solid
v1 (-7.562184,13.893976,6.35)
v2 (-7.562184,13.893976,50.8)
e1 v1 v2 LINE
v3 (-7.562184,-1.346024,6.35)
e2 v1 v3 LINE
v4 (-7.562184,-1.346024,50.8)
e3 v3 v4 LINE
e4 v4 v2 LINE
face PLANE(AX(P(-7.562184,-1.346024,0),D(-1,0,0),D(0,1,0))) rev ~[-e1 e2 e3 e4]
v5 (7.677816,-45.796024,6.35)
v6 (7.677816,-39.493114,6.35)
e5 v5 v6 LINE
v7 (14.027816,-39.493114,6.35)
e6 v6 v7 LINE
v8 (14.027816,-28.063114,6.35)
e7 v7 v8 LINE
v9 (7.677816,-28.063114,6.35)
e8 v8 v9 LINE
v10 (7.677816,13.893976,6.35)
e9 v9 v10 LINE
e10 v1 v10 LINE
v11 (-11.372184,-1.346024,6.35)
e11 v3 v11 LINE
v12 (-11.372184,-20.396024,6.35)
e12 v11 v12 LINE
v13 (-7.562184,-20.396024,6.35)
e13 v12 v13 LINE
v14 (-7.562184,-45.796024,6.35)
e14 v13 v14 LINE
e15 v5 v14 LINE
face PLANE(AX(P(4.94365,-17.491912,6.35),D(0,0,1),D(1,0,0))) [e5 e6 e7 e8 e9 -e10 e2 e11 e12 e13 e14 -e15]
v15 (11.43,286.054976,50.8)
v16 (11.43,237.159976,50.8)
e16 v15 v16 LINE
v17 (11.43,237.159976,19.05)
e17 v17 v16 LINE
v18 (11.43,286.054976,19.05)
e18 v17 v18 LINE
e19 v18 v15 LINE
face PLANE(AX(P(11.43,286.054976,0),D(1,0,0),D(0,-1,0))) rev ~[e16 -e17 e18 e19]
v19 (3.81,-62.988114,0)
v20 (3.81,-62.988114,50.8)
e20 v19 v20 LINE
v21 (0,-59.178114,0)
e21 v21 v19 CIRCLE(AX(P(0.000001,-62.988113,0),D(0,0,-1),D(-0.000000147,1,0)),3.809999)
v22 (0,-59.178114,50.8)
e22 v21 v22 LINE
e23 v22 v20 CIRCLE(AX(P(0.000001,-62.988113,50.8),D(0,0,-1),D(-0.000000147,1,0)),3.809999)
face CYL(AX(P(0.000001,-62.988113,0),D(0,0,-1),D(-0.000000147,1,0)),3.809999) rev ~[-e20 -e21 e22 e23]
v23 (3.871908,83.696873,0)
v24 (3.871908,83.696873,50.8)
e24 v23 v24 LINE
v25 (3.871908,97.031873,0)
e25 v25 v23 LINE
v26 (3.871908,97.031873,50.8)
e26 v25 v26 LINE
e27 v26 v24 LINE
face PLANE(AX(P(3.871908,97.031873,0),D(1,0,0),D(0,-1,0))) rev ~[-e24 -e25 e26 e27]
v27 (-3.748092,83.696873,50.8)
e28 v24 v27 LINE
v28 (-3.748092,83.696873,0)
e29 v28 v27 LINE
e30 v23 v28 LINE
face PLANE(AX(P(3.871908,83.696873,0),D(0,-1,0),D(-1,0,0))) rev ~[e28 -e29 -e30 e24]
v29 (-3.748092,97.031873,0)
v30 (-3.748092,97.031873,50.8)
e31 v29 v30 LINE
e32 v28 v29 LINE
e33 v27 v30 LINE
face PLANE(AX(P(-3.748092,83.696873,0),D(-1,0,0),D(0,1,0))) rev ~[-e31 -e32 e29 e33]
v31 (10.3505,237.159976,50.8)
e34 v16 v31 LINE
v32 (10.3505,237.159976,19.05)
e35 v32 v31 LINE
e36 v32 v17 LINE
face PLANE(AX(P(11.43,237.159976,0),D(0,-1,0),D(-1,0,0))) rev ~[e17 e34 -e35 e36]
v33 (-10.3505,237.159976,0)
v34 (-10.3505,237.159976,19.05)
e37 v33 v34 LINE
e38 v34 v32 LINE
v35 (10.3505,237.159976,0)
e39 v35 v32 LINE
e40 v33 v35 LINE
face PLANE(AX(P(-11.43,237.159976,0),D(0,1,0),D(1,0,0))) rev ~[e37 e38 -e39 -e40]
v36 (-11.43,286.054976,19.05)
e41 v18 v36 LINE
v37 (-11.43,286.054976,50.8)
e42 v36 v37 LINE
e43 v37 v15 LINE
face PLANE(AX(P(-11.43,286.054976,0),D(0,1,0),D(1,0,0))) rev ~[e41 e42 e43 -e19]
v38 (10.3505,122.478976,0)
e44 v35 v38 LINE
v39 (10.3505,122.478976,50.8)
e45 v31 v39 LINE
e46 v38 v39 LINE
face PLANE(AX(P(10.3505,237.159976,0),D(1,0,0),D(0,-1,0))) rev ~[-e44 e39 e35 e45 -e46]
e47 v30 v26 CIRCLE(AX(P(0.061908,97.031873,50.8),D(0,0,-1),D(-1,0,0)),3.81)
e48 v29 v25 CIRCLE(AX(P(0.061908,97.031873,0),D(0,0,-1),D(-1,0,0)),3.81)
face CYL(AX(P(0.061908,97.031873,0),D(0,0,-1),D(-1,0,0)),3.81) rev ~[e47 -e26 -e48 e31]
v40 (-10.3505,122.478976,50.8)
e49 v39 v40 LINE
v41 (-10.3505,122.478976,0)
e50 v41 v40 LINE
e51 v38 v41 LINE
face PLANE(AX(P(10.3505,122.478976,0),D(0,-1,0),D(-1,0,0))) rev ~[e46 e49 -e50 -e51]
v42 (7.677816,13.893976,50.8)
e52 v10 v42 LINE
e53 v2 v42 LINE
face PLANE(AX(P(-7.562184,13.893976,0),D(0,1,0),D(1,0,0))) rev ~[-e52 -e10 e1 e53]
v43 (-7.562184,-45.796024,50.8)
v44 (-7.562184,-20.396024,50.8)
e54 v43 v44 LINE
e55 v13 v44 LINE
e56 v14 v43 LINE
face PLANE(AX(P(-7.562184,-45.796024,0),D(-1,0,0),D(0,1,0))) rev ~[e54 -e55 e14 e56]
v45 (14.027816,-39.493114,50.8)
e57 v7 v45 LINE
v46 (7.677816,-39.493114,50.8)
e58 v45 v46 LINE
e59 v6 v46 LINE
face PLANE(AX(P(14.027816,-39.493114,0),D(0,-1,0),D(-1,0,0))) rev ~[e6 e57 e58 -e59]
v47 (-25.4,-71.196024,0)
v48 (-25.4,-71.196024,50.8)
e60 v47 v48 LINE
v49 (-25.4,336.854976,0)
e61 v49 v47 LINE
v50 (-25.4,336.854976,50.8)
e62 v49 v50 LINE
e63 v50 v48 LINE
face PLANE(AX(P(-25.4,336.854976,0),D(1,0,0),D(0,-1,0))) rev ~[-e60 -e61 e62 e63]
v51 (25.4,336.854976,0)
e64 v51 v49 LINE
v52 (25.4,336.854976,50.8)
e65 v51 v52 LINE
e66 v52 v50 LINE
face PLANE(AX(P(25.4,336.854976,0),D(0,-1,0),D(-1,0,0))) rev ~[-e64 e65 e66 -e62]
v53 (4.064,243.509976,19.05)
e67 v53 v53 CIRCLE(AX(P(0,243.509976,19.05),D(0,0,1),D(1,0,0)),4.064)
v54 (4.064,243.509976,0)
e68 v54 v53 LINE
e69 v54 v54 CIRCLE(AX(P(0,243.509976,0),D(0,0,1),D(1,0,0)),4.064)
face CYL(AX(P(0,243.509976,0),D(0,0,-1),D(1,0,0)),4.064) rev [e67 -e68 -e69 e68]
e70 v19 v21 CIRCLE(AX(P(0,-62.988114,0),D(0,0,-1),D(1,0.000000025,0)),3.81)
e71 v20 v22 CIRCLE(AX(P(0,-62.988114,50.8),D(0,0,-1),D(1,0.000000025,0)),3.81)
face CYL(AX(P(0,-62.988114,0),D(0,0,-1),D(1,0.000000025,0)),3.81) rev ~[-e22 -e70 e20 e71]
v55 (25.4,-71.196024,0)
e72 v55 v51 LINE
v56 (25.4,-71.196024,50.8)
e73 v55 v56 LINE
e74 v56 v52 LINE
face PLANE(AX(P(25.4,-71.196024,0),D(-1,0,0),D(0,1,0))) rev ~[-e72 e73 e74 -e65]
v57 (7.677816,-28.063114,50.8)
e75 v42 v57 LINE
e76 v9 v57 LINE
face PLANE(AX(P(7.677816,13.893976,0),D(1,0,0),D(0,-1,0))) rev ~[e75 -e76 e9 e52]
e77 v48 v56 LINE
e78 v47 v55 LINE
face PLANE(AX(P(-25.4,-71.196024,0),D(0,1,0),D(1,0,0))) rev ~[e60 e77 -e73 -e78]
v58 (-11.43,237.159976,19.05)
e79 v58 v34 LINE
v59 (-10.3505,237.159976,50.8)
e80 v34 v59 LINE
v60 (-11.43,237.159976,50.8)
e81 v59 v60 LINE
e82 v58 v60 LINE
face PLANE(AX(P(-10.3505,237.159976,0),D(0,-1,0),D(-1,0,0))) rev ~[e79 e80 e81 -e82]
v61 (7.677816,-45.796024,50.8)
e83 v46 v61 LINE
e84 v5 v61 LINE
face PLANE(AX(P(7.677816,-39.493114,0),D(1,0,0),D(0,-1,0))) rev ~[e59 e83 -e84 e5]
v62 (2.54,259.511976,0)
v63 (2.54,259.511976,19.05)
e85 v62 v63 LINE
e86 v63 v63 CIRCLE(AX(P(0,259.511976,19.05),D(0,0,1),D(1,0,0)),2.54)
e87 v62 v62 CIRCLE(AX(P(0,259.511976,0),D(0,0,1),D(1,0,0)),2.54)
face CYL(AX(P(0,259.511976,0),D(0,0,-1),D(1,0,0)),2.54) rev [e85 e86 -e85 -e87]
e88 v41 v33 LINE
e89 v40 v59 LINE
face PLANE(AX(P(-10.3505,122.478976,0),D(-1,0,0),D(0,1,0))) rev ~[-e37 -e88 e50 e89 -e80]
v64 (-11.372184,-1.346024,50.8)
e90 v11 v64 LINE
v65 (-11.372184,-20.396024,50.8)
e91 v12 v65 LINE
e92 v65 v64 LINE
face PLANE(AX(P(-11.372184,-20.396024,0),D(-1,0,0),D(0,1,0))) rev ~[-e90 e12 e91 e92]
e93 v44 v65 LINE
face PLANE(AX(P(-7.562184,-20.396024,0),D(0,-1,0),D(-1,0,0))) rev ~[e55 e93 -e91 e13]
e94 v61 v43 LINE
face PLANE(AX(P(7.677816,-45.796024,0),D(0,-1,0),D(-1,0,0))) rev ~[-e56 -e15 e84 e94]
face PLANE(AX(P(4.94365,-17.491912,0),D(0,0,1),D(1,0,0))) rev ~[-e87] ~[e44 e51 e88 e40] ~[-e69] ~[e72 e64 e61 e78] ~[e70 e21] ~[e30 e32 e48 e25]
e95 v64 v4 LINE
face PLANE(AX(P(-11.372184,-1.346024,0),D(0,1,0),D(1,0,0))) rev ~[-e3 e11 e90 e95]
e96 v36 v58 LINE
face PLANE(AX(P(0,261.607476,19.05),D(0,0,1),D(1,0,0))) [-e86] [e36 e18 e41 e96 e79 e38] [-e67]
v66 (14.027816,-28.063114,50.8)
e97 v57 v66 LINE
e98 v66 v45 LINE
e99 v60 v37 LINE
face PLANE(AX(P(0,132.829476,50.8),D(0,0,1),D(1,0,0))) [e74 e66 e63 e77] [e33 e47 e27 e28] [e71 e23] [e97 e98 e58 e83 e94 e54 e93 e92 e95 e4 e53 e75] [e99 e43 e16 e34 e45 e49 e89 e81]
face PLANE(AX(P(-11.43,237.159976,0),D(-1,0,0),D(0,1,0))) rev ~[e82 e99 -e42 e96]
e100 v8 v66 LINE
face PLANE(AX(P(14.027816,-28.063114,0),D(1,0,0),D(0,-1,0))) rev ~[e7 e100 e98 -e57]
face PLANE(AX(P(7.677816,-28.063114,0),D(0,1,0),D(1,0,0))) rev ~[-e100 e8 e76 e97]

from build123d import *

# Parameters (mm, degrees)
F1_DEPTH = 50.8
F0_R     = 4.064
F0_R_2   = 2.54
F2_DEPTH = 19.05
F3_DEPTH = 6.35
F4_DEPTH = 6.35
F5_DEPTH = 6.35


with BuildPart() as f1:
    # F0 (on Top) → F1 (new body)
    with BuildSketch(Plane.XY):
        Polygon((-25.4, -71.196024), (0, -71.196024), (25.4, -71.196024), (25.4, 336.854976), (-25.4, 336.854976), align=None)
        with BuildLine():
            ThreePointArc((3.81, -62.988114), (-2.694077, -65.682191), (0, -59.178114))
            ThreePointArc((0, -59.178114), (2.694077, -60.294037), (3.81, -62.988114))
        make_face(mode=Mode.SUBTRACT)
        Polygon((7.677816, -45.796024), (0.061908, -45.796024), (0.005436, -45.796024), (-7.562184, -45.796024), (-7.562184, -20.396024), (-11.372184, -20.396024), (-11.372184, -1.346024), (-7.562184, -1.346024), (-7.562184, 13.893976), (0.029683, 13.893976), (7.677816, 13.893976), (7.677816, -28.063114), (14.027816, -28.063114), (14.027816, -39.493114), (7.677816, -39.493114), align=None, mode=Mode.SUBTRACT)
        with BuildLine():
            Line((3.871908, 83.696873), (0.058039, 83.696873))
            Line((0.058039, 83.696873), (-3.748092, 83.696873))
            Line((-3.748092, 83.696873), (-3.748092, 97.031873))
            ThreePointArc((-3.748092, 97.031873), (0.061908, 100.841873), (3.871908, 97.031873))
            Line((3.871908, 97.031873), (3.871908, 83.696873))
        make_face(mode=Mode.SUBTRACT)
        Polygon((10.3505, 122.478976), (0, 122.478976), (-10.3505, 122.478976), (-10.3505, 237.159976), (-11.43, 237.159976), (-11.43, 286.054976), (0, 286.054976), (11.43, 286.054976), (11.43, 237.159976), (10.3505, 237.159976), align=None, mode=Mode.SUBTRACT)
    extrude(amount=F1_DEPTH)

    # F0 (on Top) → F2 (join)
    with BuildSketch(Plane.XY):
        Polygon((-11.43, 237.159976), (-10.3505, 237.159976), (10.3505, 237.159976), (11.43, 237.159976), (11.43, 286.054976), (0, 286.054976), (-11.43, 286.054976), align=None)
        with Locations((0, 243.509976)):
            Circle(F0_R, mode=Mode.SUBTRACT)
        with Locations((0, 259.511976)):
            Circle(F0_R_2, mode=Mode.SUBTRACT)
    extrude(amount=F2_DEPTH)

    # F0 (on Top) → F3 (join)
    with BuildSketch(Plane.XY):
        Polygon((0.005436, -45.796024), (0.061908, -45.796024), (7.677816, -45.796024), (7.677816, -39.493114), (14.027816, -39.493114), (14.027816, -28.063114), (7.677816, -28.063114), (7.677816, 13.893976), (0.029683, 13.893976), align=None)
    extrude(amount=F3_DEPTH)

    # F0 (on Top) → F4 (join)
    with BuildSketch(Plane.XY):
        Polygon((-7.562184, -45.796024), (0.005436, -45.796024), (0.029683, 13.893976), (-7.562184, 13.893976), (-7.562184, -1.346024), (-11.372184, -1.346024), (-11.372184, -20.396024), (-7.562184, -20.396024), align=None)
    extrude(amount=F4_DEPTH)

    # F0 (on Top) → F5 (join)
    with BuildSketch(Plane.XY):
        Polygon((0.005436, -45.796024), (0.061908, -45.796024), (7.677816, -45.796024), (7.677816, -39.493114), (14.027816, -39.493114), (14.027816, -28.063114), (7.677816, -28.063114), (7.677816, 13.893976), (0.029683, 13.893976), align=None)
    extrude(amount=F5_DEPTH)


solid = f1.part
